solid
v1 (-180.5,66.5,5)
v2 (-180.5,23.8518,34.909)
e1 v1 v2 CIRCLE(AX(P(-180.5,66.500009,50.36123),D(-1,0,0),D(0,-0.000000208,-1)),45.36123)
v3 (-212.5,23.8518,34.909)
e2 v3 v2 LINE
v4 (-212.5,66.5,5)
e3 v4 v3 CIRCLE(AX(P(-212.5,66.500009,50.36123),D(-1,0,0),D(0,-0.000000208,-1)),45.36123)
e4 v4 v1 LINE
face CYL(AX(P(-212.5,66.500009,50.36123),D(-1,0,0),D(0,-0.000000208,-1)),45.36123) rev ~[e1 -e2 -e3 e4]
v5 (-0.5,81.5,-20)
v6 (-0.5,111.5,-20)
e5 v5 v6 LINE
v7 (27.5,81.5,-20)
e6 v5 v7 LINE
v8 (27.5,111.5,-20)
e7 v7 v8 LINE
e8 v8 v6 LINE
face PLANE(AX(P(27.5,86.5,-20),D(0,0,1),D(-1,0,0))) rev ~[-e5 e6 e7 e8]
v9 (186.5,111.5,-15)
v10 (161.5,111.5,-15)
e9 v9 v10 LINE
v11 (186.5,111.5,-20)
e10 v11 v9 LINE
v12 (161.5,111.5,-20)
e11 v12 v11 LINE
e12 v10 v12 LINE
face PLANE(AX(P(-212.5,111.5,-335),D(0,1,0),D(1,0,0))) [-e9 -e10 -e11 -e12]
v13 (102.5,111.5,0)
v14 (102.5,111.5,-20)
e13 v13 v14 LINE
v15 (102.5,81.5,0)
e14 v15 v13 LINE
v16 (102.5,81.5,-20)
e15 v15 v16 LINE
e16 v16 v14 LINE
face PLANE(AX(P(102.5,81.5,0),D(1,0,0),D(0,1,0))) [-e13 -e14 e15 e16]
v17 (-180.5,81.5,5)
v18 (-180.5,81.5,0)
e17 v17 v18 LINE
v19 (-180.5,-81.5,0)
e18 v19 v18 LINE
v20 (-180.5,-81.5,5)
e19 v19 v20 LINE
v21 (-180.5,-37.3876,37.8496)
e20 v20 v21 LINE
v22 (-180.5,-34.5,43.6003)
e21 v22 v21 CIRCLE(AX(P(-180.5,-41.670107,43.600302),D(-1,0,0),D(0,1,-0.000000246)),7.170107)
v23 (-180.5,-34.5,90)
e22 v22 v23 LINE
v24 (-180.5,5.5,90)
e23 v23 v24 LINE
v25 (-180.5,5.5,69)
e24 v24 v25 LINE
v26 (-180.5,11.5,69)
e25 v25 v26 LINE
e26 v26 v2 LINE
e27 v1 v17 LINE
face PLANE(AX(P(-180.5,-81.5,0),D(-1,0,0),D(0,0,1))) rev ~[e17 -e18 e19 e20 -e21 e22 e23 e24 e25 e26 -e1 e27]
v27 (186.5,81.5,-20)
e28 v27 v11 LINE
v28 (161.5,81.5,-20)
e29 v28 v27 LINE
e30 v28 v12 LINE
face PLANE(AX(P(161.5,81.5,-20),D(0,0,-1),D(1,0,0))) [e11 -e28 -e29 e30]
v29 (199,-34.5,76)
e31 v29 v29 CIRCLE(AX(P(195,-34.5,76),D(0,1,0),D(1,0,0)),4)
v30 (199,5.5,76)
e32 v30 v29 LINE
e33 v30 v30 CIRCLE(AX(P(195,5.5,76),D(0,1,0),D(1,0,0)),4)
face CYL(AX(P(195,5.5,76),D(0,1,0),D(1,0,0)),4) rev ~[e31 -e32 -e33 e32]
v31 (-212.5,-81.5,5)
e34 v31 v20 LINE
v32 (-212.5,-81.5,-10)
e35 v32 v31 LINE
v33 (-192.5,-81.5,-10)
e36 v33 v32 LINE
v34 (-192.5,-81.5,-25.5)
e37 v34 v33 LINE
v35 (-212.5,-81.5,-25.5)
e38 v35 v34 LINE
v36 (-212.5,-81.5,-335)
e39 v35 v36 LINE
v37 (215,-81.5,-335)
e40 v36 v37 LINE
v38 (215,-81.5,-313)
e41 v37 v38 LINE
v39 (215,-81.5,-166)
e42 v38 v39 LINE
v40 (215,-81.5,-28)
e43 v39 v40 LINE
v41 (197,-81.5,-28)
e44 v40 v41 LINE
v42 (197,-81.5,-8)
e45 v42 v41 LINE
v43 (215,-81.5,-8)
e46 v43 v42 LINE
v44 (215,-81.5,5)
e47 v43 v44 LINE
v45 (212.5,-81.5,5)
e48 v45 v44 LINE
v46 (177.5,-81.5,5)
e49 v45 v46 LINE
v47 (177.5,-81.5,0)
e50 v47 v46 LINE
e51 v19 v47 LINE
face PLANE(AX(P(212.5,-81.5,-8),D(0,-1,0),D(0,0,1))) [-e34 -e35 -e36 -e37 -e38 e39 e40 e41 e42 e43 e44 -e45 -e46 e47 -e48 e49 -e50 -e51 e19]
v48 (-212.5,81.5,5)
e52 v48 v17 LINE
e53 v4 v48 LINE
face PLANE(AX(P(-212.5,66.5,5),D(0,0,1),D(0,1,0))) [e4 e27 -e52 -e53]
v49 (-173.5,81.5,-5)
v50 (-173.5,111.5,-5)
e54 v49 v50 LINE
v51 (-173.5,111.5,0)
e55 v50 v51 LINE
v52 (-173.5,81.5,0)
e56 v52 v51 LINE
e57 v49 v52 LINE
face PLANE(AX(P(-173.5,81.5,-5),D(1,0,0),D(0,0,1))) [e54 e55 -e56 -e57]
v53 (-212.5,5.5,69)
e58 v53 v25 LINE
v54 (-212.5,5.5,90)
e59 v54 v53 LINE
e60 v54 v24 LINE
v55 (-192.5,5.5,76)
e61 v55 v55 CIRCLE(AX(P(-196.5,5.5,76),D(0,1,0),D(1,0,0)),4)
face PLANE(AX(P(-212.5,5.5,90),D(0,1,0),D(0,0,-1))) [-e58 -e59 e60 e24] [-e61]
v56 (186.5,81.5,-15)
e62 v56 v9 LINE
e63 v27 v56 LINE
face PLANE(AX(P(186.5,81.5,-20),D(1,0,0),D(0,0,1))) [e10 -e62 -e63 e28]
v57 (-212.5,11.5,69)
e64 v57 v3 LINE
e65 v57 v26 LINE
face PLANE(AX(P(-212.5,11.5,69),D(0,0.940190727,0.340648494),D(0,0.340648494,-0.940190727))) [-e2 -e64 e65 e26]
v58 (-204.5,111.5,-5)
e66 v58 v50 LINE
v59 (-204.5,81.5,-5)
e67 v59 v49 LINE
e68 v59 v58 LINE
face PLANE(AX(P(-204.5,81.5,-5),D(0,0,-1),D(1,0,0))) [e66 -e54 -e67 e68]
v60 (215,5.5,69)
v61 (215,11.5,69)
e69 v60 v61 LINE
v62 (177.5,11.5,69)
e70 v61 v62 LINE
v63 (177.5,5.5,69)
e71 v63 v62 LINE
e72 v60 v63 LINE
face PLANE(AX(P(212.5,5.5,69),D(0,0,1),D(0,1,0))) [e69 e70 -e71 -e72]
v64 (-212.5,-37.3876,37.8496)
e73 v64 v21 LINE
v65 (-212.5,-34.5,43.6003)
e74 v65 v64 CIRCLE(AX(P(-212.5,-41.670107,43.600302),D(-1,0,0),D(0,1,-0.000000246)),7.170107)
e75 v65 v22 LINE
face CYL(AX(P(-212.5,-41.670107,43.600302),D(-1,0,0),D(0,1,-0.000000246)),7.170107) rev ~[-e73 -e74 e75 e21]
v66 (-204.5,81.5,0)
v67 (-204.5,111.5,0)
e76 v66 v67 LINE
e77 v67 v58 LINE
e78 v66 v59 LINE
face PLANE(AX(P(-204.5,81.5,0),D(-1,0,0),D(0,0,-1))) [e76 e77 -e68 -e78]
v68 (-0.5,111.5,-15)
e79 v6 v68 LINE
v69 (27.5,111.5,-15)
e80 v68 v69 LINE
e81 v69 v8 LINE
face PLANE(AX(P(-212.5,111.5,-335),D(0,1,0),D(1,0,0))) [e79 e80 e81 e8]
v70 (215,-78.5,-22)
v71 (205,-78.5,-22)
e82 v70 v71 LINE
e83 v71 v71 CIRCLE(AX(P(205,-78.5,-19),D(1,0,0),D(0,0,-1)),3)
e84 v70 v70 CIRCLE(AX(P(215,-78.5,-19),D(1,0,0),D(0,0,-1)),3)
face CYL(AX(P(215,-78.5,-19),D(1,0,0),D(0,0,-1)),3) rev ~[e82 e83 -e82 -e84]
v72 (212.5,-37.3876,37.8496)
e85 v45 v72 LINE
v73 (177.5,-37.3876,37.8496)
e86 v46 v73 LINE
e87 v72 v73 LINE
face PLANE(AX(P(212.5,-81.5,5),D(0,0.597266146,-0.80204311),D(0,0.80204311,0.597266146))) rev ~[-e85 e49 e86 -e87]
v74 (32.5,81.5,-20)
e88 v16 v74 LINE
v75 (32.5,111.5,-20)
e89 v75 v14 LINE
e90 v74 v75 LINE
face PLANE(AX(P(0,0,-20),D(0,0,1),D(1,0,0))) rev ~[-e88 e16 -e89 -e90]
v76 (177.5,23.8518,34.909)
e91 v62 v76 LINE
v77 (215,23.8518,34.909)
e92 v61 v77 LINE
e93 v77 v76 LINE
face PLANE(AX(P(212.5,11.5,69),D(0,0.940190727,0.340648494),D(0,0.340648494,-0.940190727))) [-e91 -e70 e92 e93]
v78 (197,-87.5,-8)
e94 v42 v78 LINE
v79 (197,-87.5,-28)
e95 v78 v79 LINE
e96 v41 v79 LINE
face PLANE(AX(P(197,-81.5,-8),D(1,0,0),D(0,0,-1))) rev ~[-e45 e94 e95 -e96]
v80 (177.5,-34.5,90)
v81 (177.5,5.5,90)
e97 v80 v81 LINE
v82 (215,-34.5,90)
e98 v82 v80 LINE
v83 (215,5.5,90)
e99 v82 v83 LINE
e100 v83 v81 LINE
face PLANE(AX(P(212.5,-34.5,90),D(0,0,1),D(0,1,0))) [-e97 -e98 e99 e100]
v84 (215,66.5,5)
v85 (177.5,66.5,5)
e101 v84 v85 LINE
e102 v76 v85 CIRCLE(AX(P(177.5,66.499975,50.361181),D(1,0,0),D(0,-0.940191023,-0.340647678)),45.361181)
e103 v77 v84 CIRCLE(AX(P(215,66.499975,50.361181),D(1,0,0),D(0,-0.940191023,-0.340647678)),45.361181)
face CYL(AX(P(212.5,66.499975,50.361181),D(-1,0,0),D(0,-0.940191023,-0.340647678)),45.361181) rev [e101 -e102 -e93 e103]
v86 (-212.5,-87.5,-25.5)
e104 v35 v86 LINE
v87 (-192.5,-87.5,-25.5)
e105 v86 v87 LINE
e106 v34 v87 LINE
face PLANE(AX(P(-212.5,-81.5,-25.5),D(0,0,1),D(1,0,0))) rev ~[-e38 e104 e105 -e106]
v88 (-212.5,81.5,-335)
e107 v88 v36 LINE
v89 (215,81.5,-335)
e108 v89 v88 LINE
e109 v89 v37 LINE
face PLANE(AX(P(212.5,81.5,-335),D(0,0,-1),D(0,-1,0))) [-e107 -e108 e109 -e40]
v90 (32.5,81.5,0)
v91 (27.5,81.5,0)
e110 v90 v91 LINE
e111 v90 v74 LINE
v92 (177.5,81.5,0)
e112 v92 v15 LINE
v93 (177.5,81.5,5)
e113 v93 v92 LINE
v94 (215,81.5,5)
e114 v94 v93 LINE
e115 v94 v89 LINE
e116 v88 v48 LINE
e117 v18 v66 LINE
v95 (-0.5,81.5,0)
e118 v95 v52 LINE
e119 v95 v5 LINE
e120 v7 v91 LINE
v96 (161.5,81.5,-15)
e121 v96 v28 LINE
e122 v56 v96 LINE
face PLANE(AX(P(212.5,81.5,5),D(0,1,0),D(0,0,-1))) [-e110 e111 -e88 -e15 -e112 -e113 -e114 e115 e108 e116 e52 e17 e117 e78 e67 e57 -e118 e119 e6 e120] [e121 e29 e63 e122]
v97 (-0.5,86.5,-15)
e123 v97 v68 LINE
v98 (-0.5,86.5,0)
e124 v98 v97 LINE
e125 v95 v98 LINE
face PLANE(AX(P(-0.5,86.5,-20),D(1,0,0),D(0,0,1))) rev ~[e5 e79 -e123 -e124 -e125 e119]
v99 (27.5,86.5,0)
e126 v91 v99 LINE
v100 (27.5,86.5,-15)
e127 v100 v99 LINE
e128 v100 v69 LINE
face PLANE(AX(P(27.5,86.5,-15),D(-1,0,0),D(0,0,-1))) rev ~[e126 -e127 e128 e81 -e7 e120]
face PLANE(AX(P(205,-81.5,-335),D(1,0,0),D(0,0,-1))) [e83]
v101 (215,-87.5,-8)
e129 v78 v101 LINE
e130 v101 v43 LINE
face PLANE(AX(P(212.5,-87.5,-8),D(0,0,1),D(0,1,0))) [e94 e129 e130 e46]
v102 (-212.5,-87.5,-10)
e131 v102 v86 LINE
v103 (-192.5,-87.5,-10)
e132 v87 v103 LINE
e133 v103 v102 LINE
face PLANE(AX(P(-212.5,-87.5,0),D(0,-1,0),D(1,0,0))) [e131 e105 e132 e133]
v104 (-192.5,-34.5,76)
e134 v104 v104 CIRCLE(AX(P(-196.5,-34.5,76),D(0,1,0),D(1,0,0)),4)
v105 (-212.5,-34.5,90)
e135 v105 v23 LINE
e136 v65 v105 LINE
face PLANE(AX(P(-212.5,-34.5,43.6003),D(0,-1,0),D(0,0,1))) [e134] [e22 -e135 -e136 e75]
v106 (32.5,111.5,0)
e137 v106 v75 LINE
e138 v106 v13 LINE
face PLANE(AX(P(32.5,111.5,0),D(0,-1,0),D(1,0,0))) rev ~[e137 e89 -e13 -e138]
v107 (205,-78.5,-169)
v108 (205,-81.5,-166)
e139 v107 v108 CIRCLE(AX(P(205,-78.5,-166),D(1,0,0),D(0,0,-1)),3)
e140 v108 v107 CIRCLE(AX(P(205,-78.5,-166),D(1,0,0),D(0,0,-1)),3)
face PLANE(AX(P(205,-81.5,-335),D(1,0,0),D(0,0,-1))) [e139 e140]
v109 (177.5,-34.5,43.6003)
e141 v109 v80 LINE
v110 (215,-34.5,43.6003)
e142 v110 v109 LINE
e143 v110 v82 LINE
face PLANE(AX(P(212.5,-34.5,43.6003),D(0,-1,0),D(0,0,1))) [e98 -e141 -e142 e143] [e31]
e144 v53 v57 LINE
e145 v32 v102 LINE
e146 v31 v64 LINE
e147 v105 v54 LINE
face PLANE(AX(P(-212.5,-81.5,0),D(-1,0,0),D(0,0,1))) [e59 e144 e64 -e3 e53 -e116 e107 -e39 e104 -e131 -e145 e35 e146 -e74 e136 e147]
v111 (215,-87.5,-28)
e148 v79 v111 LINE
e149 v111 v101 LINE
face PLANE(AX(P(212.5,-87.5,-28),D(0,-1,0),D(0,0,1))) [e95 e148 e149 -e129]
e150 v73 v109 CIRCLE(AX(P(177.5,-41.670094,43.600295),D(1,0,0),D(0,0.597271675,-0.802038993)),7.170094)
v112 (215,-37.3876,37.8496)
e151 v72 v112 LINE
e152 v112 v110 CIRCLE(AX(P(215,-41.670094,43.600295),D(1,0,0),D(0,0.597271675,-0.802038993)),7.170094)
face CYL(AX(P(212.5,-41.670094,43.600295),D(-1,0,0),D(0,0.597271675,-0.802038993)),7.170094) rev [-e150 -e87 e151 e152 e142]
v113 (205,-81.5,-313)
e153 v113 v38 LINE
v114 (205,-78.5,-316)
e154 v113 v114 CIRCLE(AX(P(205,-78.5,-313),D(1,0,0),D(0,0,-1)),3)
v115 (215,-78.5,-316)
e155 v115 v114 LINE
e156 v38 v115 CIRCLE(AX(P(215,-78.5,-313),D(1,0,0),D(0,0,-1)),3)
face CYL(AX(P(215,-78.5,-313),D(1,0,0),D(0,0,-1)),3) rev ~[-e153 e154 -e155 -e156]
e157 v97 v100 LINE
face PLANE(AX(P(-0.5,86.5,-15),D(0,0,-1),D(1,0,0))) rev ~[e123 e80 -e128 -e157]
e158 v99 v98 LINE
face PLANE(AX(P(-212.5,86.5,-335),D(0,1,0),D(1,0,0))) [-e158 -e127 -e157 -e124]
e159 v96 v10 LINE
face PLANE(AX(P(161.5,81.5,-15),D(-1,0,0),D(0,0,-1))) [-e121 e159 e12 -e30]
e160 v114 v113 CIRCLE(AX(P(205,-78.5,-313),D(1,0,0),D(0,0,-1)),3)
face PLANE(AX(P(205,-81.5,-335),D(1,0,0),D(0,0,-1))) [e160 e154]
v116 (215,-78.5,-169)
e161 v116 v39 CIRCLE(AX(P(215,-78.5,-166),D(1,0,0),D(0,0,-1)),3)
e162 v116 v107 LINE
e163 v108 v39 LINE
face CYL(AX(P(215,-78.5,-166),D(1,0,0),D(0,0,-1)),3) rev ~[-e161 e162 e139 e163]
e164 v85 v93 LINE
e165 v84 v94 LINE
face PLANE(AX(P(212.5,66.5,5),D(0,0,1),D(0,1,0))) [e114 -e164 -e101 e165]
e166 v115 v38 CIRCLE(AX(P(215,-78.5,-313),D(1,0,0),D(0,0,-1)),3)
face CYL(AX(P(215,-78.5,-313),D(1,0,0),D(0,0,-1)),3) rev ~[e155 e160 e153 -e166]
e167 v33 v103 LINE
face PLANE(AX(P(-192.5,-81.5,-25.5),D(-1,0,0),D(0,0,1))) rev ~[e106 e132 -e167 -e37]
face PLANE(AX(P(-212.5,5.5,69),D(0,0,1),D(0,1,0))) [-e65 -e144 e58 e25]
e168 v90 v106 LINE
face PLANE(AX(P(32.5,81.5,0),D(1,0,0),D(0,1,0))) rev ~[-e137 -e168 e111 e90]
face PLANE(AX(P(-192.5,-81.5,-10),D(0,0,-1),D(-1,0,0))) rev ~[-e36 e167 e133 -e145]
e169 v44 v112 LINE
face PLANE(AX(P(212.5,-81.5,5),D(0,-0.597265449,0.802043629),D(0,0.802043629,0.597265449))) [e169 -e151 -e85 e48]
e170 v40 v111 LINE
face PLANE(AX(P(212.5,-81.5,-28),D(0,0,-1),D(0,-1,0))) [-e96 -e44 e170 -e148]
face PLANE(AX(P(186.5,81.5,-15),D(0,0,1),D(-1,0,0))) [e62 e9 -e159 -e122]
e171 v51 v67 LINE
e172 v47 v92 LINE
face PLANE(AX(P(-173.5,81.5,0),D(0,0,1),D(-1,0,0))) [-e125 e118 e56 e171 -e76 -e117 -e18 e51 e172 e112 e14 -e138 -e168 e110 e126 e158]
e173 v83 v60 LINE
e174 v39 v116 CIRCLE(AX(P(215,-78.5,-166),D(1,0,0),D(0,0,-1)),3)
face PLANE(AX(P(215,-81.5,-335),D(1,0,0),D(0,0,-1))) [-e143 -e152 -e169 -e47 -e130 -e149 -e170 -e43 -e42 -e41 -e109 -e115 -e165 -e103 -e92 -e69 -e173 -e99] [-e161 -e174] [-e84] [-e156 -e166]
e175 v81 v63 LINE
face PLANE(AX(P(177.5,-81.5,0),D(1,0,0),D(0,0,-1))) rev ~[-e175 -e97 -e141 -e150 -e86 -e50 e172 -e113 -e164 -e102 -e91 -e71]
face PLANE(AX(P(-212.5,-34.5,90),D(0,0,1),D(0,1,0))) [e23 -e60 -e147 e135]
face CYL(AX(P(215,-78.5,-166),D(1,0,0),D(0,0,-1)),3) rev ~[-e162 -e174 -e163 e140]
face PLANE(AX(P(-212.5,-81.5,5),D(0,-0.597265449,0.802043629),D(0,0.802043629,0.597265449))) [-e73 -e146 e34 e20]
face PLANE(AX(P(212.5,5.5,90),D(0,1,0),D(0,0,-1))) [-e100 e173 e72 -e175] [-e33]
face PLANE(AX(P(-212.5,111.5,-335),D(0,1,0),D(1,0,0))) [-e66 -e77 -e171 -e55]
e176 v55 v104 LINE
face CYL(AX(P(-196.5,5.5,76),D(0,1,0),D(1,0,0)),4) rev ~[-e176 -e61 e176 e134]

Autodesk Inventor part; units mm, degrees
ref_plane "YZ Plane" through (0, 0, 0) normal (1, 0, 0) x (0, 1, 0)
ref_plane "XZ Plane" through (0, 0, 0) normal (0, 1, 0) x (-1, 0, 0)
ref_plane "XY Plane" through (0, 0, 0) normal (0, 0, 1) x (1, 0, 0)
sketch "Sketch1" plane through (0, 0, 0) normal (0, 0, 1) x (1, 0, 0)
  line L0 (-212.5, -81.5) -> (212.5, -81.5)
  line L1 (212.5, -81.5) -> (212.5, 81.5)
  line L2 (212.5, 81.5) -> (-212.5, 81.5)
  line L3 (-212.5, 81.5) -> (-212.5, -81.5)
  line L4 (-212.5, -81.5) -> (212.5, 81.5) construction
  line L5 (212.5, -81.5) -> (-212.5, 81.5) construction
  point P0 (0, 0)
  dimension "d0" = 163
  dimension "d1" = 425
extrude "Extrusion1" add sketch "Sketch1" against normal blind 335
sketch "Sketch2" plane through (-212.5, -81.5, 0) normal (0, -1, 0) x (1, 0, 0)
  line L0 (0, 0) -> (425, 0) construction
  line L1 (425, -8) -> (409.5, -8)
  line L2 (409.5, -8) -> (409.5, -28)
  line L3 (409.5, -28) -> (425, -28)
  line L4 (425, -28) -> (425, -8)
  line L5 (20, -10) -> (0, -10)
  line L6 (0, -10) -> (0, -25.5)
  line L7 (0, -25.5) -> (20, -25.5)
  line L8 (20, -25.5) -> (20, -10)
  line L9 (0, -10) -> (0, 0) construction
  line L10 (425, -8) -> (425, 0) construction
  point P0 (212.5, 0)
  dimension "d4" = 8
  dimension "d5" = 10
  dimension "d6" = 15.5
  dimension "d7" = 20
  dimension "d8" = 15.5
  dimension "d9" = 20
extrude "Extrusion2" add sketch "Sketch2" along normal blind 6
sketch "Sketch3" plane through (212.5, -81.5, 0) normal (1, 0, 0) x (0, 0, -1)
  line L0 (0, 0) -> (0, 163) projected
  line L1 (0, 0) -> (-5, 0)
  line L2 (-5, 0) -> (-40, 47)
  line L3 (-40, 47) -> (-90, 47)
  line L4 (-90, 47) -> (-90, 87)
  line L5 (-90, 87) -> (-69, 87)
  line L6 (-69, 93) -> (-34.909, 105.3518)
  line L7 (-69, 87) -> (-69, 93)
  arc A0 (-34.909, 105.3518) -> (-5, 148) centre (-50.3612, 148) ccw
  line L8 (-34.909, 105.3518) -> (0, 118) construction
  arc A1 (-37.8496, 44.1124) -> (-43.6003, 47) centre (-43.6003, 39.8299) ccw
  line L9 (-5, 148) -> (-5, 163)
  line L10 (-5, 163) -> (0, 163)
  dimension "d12" = 5
  dimension "d13" = 47
  dimension "d14" = 35
  dimension "d15" = 40
  dimension "d16" = 90
  dimension "d17" = 118
  dimension "d18" = 93
  dimension "d19" = 69
  dimension "d23" = 55
  dimension "d26" = 5
  dimension "d27" = 15
extrude "Extrusion3" add sketch "Sketch3" against normal blind 35
sketch "Sketch4" plane through (-212.5, -81.5, 0) normal (-1, 0, 0) x (0, 0, 1)
  line L0 (0, 0) -> (0, 163) projected
  line L1 (0, 0) -> (5, 0) projected
  line L2 (5, 0) -> (37.8496, 44.1124) projected
  arc A0 (43.6003, 47) -> (37.8496, 44.1124) centre (43.6003, 39.8299) ccw projected
  line L3 (43.6003, 47) -> (90, 47) projected
  line L4 (90, 47) -> (90, 87) projected
  line L5 (90, 87) -> (69, 87) projected
  line L6 (69, 87) -> (69, 93) projected
  line L7 (69, 93) -> (34.909, 105.3518) projected
  arc A1 (5, 148) -> (34.909, 105.3518) centre (50.3612, 148) ccw projected
  line L8 (5, 148) -> (5, 163) projected
  line L9 (5, 163) -> (0, 163) projected
  point P0 (0, 81.5)
extrude "Extrusion4" add sketch "Sketch4" against normal blind 32
sketch "Sketch5" plane through (-212.5, 81.5, -335) normal (0, 1, 0) x (1, 0, 0)
  line L0 (390, -335) -> (32, -335) projected
  line L1 (32, -335) -> (8, -335)
  line L2 (8, -335) -> (8, -330)
  line L3 (8, -330) -> (39, -330)
  line L4 (39, -330) -> (39, -335)
  line L5 (0, 0) -> (0, -340) construction
  point P0 (212.5, -335)
  dimension "d28" = 39
  dimension "d29" = 5
  dimension "d30" = 8
extrude "Extrusion5" add sketch "Sketch5" along normal blind 30
sketch "Sketch6" plane through (-212.5, 81.5, -335) normal (0, 1, 0) x (1, 0, 0)
  line L0 (0, 0) -> (0, -340) construction
  line L1 (390, -335) -> (39, -335) projected
  line L2 (212, -335) -> (212, -315)
  line L3 (212, -315) -> (240, -315)
  line L4 (240, -315) -> (240, -335)
  point P0 (212.5, -335)
  dimension "d33" = 212
  dimension "d34" = 240
  dimension "d35" = 20
extrude "Extrusion6" add sketch "Sketch6" along normal blind 5
sketch "Sketch7" plane through (0, 0, 0) normal (0, 0, 1) x (1, 0, 0)
  line L0 (177.5, 81.5) -> (27.5, 81.5) projected
  line L1 (32.5, 81.5) -> (32.5, 111.5)
  line L2 (-212.5, -81.5) -> (-212.5, 81.5) construction
  line L3 (102.5, 81.5) -> (102.5, 111.5)
  line L4 (32.5, 111.5) -> (102.5, 111.5)
  point P0 (0, 0)
  dimension "d38" = 245
  dimension "d39" = 315
  dimension "d40" = 30
extrude "Extrusion7" add sketch "Sketch7" against normal blind 20
sketch "Sketch8" plane through (-212.5, 81.5, -335) normal (0, 1, 0) x (1, 0, 0)
  line L0 (0, 0) -> (0, -340) construction
  line L1 (374, -315) -> (399, -315)
  line L2 (399, -315) -> (399, -320)
  line L3 (399, -320) -> (374, -320)
  line L4 (374, -320) -> (374, -315)
  line L5 (390, -335) -> (315, -335) construction
  point P0 (212.5, -335)
  dimension "d43" = 374
  dimension "d44" = 399
  dimension "d45" = 15
  dimension "d46" = 20
extrude "Extrusion8" add sketch "Sketch8" along normal blind 30
sketch "Sketch9" plane through (-212.5, 86.5, -335) normal (0, 1, 0) x (1, 0, 0)
  line L0 (240, -315) -> (212, -315) projected
  line L1 (240, -335) -> (240, -315) projected
  line L2 (212, -320) -> (240, -320)
  line L3 (212, -315) -> (212, -320)
  line L4 (8, -330) -> (8, -335) construction
  point P0 (212.5, -335)
extrude "Extrusion9" add sketch "Sketch9" along normal up to surface (25 mm away)
sketch "Sketch10" plane through (-212.5, 5.5, 90) normal (0, 1, 0) x (1, 0, 0)
  line L0 (0, 0) -> (32, 0) projected
  line L1 (425, 0) -> (390, 0) projected
  circle A0 centre (16, 14) radius 4
  circle A1 centre (407.5, 14) radius 4
  line L2 (390, 0) -> (407.5, 14) construction
  line L3 (407.5, 14) -> (425, 0) construction
  line L4 (32, 0) -> (16, 14) construction
  line L5 (16, 14) -> (0, 0) construction
  line L6 (16, 14) -> (407.5, 14) construction
  point P0 (212.5, 90)
  dimension "d51" = 8
  dimension "d52" = 14
extrude "Extrusion10" cut sketch "Sketch10" against normal up to surface (40 mm away)
sketch "Sketch11" plane through (212.5, -81.5, -335) normal (1, 0, 0) x (0, 0, -1)
  line L0 (-327, -6) -> (-327, 0) projected
  line L1 (-327, 0) -> (-340, 0) projected
  line L2 (-340, 0) -> (-372.8496, 44.1124) projected
  arc A0 (-372.8496, 44.1124) -> (-378.6003, 47) centre (-378.6003, 39.8299) ccw projected
  line L3 (-378.6003, 47) -> (-425, 47) projected
  line L4 (-425, 47) -> (-425, 87) projected
  line L5 (-425, 87) -> (-404, 87) projected
  line L6 (-404, 87) -> (-404, 93) projected
  line L7 (-404, 93) -> (-369.909, 105.3518) projected
  arc A1 (-369.909, 105.3518) -> (-340, 148) centre (-385.3612, 148) ccw projected
  line L8 (-340, 148) -> (-340, 163) projected
  line L9 (-340, 163) -> (0, 163) projected
  line L10 (0, 163) -> (0, 0) projected
  line L11 (0, 0) -> (-307, 0) projected
  line L12 (-307, 0) -> (-307, -6) projected
  line L13 (-307, -6) -> (-327, -6) projected
  point P0 (-335, 81.5)
extrude "Extrusion11" add sketch "Sketch11" along normal blind 2.5
sketch "Sketch12" plane through (215, -81.5, -335) normal (1, 0, 0) x (0, 0, -1)
  line L0 (-415, 87) -> (-407, 87) construction
  line L1 (-411, 87) -> (-411, 3) construction
  line L2 (-411, 3) -> (-316, 3) construction
  line L3 (-316, 3) -> (-169, 3) construction
  line L4 (-169, 3) -> (-22, 3) construction
  circle A0 centre (-316, 3) radius 3
  circle A1 centre (-169, 3) radius 3
  circle A2 centre (-22, 3) radius 3
  line L5 (-327, -6) -> (-307, -6) projected
  point P0 (-335, 81.5)
  dimension "d57" = 95
  dimension "d58" = 242
  dimension "d59" = 389
  dimension "d60" = 6
  dimension "d63" = 9
extrude "Extrusion12" cut sketch "Sketch12" against normal blind 10
properties part number "IMA Battery Case Primitive"
